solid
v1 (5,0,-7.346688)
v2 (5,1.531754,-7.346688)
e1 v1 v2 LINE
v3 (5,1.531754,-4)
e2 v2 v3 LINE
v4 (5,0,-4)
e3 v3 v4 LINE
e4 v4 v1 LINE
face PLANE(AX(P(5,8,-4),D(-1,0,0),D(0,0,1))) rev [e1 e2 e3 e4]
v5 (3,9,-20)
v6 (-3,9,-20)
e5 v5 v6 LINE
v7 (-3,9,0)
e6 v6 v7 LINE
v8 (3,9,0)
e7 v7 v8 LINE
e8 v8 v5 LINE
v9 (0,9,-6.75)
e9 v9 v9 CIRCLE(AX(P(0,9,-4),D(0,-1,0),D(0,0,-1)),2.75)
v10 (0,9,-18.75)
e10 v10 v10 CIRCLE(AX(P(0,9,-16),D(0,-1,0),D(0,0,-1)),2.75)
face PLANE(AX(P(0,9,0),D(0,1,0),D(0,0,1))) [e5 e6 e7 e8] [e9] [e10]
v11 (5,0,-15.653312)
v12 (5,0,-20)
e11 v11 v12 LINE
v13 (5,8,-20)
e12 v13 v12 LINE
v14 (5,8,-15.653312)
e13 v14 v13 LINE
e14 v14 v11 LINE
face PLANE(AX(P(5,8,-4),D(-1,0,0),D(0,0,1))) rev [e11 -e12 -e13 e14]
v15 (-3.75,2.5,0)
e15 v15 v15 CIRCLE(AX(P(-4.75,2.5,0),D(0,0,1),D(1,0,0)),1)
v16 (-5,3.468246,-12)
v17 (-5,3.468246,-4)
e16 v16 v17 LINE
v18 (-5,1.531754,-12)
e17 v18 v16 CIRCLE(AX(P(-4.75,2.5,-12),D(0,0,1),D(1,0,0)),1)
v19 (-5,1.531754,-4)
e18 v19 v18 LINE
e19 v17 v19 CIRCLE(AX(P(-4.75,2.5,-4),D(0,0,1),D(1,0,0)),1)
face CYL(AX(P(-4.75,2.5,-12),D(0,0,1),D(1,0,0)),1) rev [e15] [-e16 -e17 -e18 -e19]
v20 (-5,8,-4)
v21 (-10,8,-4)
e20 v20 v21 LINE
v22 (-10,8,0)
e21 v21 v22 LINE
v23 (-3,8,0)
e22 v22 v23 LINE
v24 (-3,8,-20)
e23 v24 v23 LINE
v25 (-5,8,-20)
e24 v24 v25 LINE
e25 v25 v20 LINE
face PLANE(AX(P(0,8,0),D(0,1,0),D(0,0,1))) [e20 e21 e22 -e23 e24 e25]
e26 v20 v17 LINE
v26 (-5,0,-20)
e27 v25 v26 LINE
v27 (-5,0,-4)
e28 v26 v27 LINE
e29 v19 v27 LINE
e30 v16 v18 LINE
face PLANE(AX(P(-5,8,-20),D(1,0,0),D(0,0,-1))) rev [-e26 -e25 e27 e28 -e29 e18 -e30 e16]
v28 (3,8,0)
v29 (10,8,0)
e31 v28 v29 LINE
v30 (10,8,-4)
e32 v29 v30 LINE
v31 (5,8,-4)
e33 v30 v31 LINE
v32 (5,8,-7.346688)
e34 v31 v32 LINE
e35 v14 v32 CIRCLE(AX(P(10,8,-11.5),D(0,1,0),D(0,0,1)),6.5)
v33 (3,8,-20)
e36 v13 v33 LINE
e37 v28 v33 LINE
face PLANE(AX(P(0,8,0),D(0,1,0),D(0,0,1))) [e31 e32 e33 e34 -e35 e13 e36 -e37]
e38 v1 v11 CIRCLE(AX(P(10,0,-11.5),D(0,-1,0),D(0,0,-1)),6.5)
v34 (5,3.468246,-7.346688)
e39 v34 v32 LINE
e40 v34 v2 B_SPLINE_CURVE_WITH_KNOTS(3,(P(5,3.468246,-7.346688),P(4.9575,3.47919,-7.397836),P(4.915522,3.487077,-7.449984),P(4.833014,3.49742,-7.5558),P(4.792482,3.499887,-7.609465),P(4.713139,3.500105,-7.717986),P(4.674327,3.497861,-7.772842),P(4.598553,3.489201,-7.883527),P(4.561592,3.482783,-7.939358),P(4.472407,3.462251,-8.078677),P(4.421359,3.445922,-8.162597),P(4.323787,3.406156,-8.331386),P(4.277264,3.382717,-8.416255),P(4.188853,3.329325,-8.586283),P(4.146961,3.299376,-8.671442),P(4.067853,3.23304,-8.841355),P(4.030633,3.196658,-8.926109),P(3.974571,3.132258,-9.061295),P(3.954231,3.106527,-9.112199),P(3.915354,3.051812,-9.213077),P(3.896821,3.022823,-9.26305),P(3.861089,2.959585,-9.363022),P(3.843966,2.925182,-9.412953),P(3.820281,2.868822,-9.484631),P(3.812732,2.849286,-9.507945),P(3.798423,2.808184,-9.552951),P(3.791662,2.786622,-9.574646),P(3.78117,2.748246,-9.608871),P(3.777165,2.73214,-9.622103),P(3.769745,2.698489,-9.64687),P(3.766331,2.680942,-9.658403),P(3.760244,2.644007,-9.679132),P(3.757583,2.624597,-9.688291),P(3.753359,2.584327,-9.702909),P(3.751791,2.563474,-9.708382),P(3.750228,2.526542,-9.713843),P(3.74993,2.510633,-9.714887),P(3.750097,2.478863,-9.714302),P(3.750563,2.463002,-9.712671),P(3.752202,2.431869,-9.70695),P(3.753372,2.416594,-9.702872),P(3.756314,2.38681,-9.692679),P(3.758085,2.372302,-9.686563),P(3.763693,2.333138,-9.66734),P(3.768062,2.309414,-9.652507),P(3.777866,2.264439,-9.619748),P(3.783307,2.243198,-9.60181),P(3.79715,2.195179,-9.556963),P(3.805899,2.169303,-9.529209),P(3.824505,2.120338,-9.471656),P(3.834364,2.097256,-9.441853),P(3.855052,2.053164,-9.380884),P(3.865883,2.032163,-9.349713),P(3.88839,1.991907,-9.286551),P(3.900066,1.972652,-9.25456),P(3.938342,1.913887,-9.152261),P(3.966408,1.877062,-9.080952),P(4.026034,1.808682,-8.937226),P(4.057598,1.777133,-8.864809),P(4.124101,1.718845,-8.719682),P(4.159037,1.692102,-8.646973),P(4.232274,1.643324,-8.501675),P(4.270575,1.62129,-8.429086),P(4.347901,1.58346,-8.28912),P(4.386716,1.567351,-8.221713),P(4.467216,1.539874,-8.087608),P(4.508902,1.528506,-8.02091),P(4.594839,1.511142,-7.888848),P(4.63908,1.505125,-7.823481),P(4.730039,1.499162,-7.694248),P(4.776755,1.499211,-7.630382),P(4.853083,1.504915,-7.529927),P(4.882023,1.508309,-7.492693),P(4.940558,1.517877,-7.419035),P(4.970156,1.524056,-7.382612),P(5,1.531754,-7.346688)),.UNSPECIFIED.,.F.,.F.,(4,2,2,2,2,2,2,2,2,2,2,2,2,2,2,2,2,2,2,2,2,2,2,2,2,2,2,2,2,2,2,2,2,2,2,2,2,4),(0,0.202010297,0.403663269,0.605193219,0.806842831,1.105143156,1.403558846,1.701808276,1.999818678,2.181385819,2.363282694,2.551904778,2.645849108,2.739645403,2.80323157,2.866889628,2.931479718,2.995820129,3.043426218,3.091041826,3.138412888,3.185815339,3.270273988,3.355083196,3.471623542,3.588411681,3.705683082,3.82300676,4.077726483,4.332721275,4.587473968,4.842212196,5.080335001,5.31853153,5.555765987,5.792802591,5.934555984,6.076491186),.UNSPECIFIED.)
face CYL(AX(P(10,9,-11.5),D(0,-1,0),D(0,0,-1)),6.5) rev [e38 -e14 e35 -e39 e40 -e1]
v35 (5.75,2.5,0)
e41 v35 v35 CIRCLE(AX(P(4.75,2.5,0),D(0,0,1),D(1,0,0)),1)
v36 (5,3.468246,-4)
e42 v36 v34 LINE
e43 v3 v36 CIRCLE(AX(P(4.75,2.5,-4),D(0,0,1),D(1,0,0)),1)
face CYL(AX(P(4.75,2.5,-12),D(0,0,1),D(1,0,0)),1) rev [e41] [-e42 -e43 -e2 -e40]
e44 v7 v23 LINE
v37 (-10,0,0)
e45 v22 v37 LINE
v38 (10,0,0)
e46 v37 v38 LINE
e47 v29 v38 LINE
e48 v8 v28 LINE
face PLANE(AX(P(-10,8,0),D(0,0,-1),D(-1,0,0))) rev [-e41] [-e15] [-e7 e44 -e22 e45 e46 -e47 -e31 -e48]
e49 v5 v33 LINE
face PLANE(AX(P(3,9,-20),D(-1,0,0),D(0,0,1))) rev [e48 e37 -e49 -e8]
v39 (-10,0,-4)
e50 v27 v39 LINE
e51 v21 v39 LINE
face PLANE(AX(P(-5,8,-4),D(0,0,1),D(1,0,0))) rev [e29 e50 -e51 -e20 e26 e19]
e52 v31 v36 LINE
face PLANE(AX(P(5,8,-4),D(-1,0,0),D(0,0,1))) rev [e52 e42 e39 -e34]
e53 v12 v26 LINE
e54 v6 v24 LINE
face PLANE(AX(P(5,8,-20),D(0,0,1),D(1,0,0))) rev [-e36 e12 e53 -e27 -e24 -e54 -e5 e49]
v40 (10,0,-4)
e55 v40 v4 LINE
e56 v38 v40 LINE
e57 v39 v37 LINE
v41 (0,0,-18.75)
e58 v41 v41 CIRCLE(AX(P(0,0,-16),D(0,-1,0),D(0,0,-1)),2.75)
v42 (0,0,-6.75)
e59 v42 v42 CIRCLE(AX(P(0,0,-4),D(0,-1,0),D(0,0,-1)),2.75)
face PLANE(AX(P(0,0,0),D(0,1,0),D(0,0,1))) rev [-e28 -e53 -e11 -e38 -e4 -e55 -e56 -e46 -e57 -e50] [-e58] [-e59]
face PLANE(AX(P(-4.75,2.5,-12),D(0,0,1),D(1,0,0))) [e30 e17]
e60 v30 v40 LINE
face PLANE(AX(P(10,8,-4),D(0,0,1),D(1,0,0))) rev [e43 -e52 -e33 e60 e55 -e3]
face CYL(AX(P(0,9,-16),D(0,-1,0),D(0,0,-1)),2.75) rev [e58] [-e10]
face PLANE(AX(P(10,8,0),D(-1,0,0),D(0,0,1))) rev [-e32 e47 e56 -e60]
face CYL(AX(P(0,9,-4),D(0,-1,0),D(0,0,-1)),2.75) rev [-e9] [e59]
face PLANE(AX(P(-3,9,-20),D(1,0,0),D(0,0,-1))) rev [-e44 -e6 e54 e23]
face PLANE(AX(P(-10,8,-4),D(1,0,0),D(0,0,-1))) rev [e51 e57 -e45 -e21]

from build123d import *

# Parameters (mm, degrees)
BOSS_EXTRUDE1_DEPTH = 8
SKETCH5_W           = 6
SKETCH5_H           = 20
BOSS_EXTRUDE2_DEPTH = 1
SKETCH6_R           = 6.5
CUT_EXTRUDE3_DEPTH  = 10
SKETCH2_R           = 2.75
CUT_EXTRUDE1_DEPTH  = 10
SKETCH3_R           = 1
CUT_EXTRUDE2_DEPTH  = 12


with BuildPart() as part:
    # Sketch1 → Boss-Extrude1 (new body)
    with BuildSketch(Plane(origin=(0, 0, 0), x_dir=(1, 0, 0), z_dir=(0, 1, 0))):
        Polygon((-10, 0), (10, 0), (10, 4), (5, 4), (5, 20), (-5, 20), (-5, 4), (-10, 4), align=None)
    extrude(amount=BOSS_EXTRUDE1_DEPTH)

    # Sketch5 → Boss-Extrude2 (add)
    with BuildSketch(Plane(origin=(0, 8, 0), x_dir=(1, 0, 0), z_dir=(0, 1, 0))):
        with Locations((0, 10)):
            Rectangle(SKETCH5_W, SKETCH5_H)
    extrude(amount=BOSS_EXTRUDE2_DEPTH)

    # Sketch6 → Cut-Extrude3 (cut, through all)
    with BuildSketch(Plane.XZ):
        with Locations((10, -11.5)):
            Circle(SKETCH6_R)
    extrude(amount=-CUT_EXTRUDE3_DEPTH, mode=Mode.SUBTRACT)

    # Sketch2 → Cut-Extrude1 (cut, through all)
    with BuildSketch(Plane.XZ):
        with Locations((0, -4)):
            Circle(SKETCH2_R)
        with Locations((0, -16)):
            Circle(SKETCH2_R)
    extrude(amount=-CUT_EXTRUDE1_DEPTH, mode=Mode.SUBTRACT)

    # Sketch3 → Cut-Extrude2 (cut)
    with BuildSketch(Plane.XY):
        with Locations((-4.75, 2.5)):
            Circle(SKETCH3_R)
        with Locations((4.75, 2.5)):
            Circle(SKETCH3_R)
    extrude(amount=-CUT_EXTRUDE2_DEPTH, mode=Mode.SUBTRACT)


solid = part.part
